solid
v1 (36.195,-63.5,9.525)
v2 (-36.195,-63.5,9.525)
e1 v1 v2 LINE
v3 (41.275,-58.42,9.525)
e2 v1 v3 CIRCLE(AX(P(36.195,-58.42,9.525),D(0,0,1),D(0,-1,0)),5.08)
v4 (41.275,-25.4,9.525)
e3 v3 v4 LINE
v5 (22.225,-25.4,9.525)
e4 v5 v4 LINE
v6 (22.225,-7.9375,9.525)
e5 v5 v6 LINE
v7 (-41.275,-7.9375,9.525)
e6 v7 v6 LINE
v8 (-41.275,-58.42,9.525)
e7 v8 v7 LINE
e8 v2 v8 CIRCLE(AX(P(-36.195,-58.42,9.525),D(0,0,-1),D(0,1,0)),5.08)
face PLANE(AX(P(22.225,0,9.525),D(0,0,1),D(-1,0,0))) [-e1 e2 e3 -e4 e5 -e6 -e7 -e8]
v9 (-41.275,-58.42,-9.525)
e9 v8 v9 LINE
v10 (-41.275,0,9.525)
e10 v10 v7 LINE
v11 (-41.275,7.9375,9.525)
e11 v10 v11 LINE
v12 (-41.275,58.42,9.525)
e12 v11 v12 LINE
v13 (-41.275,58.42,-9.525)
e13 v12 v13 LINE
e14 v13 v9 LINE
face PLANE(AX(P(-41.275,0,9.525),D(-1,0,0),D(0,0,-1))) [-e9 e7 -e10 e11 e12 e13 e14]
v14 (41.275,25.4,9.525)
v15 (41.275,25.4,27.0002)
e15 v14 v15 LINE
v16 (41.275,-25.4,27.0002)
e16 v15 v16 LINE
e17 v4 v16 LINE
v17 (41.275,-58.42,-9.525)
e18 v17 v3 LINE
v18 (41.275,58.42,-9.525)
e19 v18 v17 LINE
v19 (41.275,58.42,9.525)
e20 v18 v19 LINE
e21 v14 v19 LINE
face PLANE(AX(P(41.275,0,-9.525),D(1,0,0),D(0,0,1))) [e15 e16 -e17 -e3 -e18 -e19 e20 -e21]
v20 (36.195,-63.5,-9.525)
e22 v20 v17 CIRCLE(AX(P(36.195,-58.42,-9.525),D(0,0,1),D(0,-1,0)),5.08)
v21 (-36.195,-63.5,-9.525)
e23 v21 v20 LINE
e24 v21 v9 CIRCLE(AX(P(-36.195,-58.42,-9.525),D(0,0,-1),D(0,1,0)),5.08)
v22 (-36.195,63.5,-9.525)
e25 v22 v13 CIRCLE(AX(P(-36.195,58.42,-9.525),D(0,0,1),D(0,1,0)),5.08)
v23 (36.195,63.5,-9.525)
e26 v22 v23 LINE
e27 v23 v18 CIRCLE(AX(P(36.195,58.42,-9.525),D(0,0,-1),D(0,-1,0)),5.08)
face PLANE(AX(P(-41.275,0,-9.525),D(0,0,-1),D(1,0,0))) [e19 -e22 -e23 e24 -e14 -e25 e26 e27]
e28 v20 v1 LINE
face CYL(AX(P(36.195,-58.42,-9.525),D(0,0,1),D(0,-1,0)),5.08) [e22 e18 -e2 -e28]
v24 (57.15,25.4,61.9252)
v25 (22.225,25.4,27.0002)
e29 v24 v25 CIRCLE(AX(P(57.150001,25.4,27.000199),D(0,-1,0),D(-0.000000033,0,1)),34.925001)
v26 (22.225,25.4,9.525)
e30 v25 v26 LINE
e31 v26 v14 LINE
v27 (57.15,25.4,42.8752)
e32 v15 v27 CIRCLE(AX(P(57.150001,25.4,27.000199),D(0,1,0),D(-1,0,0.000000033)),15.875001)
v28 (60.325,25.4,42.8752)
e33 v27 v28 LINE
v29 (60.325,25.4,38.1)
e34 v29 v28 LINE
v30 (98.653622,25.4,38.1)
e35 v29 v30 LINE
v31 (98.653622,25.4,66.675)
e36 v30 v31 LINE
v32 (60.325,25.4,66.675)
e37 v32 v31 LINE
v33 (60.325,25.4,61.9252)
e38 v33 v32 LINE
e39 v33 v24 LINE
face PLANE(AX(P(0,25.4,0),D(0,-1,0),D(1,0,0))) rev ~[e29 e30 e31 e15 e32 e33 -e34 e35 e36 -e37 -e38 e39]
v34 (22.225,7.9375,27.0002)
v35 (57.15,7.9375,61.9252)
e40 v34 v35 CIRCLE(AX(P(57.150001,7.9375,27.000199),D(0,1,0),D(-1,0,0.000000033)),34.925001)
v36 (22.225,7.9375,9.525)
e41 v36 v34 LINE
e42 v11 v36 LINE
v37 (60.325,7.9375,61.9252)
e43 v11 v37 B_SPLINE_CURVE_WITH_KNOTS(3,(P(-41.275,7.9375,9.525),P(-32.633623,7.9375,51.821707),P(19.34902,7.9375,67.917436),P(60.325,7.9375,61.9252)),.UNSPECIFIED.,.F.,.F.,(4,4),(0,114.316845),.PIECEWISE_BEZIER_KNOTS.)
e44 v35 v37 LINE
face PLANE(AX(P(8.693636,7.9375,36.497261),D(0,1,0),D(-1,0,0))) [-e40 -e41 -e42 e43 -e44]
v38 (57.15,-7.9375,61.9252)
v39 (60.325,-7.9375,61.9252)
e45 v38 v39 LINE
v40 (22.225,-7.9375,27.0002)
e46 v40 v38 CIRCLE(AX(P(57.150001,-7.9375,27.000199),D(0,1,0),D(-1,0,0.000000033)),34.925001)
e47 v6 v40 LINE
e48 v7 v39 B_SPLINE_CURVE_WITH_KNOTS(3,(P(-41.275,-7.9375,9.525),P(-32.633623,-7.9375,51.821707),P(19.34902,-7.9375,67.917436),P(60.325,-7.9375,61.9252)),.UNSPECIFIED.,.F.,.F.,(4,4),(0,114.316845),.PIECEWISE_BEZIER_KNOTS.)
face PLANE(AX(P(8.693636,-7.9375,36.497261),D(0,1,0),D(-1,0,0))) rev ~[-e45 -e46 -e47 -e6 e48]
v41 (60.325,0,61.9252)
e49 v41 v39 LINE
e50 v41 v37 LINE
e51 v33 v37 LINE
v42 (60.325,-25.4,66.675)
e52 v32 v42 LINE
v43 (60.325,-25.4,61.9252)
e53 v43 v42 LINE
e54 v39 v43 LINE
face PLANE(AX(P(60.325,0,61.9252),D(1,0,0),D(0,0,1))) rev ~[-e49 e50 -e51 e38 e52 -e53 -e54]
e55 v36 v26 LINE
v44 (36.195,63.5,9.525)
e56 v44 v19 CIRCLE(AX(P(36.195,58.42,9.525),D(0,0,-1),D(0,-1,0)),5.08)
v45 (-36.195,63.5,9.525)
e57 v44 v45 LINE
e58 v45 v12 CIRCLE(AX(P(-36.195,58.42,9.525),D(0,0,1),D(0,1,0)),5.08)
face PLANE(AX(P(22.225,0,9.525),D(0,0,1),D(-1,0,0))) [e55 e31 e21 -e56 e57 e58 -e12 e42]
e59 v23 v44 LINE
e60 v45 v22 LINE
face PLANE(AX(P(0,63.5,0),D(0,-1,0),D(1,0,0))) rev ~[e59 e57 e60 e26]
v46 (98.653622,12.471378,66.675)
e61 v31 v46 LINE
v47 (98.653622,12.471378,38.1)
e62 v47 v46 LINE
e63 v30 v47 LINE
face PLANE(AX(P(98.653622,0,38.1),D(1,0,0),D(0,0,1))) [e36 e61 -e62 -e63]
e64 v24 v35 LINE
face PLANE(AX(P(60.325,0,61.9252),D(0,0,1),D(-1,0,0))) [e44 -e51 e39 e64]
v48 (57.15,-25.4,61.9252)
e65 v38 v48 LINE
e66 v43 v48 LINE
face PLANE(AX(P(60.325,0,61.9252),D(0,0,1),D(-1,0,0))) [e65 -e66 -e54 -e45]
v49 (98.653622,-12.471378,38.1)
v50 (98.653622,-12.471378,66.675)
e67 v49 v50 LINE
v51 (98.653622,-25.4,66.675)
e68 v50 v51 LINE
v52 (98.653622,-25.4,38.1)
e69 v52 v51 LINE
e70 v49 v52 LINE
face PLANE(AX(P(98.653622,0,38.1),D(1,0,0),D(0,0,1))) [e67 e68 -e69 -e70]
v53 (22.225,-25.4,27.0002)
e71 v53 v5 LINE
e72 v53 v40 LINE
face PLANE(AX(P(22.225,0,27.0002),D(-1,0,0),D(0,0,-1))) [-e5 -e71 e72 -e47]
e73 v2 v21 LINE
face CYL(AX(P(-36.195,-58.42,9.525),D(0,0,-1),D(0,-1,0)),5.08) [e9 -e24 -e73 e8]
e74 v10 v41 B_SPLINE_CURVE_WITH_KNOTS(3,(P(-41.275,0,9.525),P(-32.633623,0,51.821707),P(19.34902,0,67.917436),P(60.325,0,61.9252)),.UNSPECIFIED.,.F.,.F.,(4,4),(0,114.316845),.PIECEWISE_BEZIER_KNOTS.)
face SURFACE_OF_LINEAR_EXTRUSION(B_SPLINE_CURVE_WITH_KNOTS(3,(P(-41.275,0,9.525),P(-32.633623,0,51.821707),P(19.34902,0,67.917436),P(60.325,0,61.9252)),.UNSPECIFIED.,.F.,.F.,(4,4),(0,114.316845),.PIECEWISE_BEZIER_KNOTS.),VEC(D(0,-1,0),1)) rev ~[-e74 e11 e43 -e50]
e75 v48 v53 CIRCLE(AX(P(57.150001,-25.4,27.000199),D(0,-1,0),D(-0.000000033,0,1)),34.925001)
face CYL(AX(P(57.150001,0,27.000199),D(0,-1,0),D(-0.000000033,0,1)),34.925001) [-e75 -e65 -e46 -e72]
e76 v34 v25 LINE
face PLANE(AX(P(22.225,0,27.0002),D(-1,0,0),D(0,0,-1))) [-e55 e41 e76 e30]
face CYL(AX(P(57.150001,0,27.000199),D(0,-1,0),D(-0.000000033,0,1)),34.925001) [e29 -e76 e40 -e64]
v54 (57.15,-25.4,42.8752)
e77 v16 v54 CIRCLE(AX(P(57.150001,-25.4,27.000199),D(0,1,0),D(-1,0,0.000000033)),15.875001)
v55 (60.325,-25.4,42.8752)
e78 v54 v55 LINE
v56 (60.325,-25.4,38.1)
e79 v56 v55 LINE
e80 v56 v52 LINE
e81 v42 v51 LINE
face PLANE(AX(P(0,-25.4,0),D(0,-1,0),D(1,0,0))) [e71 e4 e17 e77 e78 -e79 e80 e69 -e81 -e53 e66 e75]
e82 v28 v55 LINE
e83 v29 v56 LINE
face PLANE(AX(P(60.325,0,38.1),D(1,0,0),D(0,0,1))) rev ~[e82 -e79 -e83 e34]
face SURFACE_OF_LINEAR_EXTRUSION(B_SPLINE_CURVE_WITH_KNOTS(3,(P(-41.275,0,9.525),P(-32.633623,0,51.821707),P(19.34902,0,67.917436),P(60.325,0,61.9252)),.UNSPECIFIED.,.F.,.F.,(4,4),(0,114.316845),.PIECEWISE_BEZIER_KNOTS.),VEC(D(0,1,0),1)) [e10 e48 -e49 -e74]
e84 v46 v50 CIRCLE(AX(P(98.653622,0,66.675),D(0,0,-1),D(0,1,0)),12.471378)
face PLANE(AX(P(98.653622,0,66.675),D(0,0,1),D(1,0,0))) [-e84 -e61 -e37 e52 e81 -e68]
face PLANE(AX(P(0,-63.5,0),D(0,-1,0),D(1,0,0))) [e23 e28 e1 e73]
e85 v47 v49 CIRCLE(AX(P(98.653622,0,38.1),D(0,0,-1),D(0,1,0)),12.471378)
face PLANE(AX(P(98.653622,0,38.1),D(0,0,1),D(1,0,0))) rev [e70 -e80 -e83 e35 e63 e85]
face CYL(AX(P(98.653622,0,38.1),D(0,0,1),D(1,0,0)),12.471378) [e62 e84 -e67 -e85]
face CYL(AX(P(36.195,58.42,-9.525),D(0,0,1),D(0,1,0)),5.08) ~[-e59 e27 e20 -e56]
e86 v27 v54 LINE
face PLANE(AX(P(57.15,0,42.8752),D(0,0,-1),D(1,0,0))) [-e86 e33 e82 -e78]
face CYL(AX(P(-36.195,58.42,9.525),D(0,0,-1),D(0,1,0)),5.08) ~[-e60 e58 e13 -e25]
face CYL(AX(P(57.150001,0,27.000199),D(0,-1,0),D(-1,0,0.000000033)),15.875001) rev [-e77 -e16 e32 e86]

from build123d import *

# Parameters (mm, degrees)
F1_DEPTH = 63.5
F0_W     = 38.328622
F0_H     = 4.7498
F0_H_2   = 4.7752
F0_H_3   = 19.05
F2_DEPTH = 25.4
F3_DEPTH = 7.9375
F5_R     = 5.08


with BuildPart() as f1:
    # F0 (on Front) → F1 (new body, symmetric)
    with BuildSketch(Plane.XZ):
        Polygon((22.225, 9.525), (-41.275, 9.525), (-41.275, -9.525), (41.275, -9.525), (41.275, 9.525), align=None)
    extrude(amount=F1_DEPTH, both=True)

    # F0 (on Front) → F2 (join, symmetric)
    with BuildSketch(Plane.XZ):
        Polygon((22.225, 9.525), (-41.275, 9.525), (-41.275, -9.525), (41.275, -9.525), (41.275, 9.525), align=None)
        with Locations((79.489311, 64.3001)):
            Rectangle(F0_W, F0_H)
        with Locations((79.489311, 40.4876)):
            Rectangle(F0_W, F0_H_2)
        with BuildLine():
            Line((22.225, 27.0002), (22.225, 9.525))
            Line((22.225, 9.525), (41.275, 9.525))
            Line((41.275, 9.525), (41.275, 27.0002))
            ThreePointArc((41.275, 27.0002), (45.92468, 38.22552), (57.15, 42.8752))
            Line((57.15, 42.8752), (60.325, 42.8752))
            Line((60.325, 42.8752), (60.325, 61.9252))
            Line((60.325, 61.9252), (57.15, 61.9252))
            ThreePointArc((57.15, 61.9252), (32.454296, 51.695904), (22.225, 27.0002))
        make_face()
        with Locations((79.489311, 52.4002)):
            Rectangle(F0_W, F0_H_3)
    extrude(amount=F2_DEPTH, both=True)

    # F0 (on Front) → F3 (join, symmetric)
    with BuildSketch(Plane.XZ):
        with BuildLine():
            add(Edge.make_bspline(
                [(-41.275, 9.525), (-32.633623, 51.821707), (19.34902, 67.917436), (60.325, 61.9252)],
                knots=[0, 0, 0, 0, 114.316845, 114.316845, 114.316845, 114.316845], degree=3))
            Line((-41.275, 9.525), (22.225, 9.525))
            Line((22.225, 9.525), (22.225, 27.0002))
            ThreePointArc((22.225, 27.0002), (32.454296, 51.695904), (57.15, 61.9252))
            Line((57.15, 61.9252), (60.325, 61.9252))
        make_face()
    extrude(amount=F3_DEPTH, both=True)

    # F0 (on Front) → F4 (revolve)
    with BuildSketch(Plane.XZ):
        Polygon((98.653622, 66.675), (98.653622, 61.9252), (98.653622, 42.8752), (98.653622, 38.1), (111.125, 38.1), (111.125, 66.675), align=None)
    revolve(axis=Axis((98.653622, 0, 52.3875), (0, 0, 1)))

    # F5
    f5_edges = [f1.edges().sort_by_distance(p)[0] for p in [
        (-41.275, -63.5, 0),
        (41.275, -63.5, 0),
        (41.275, 63.5, 0),
        (-41.275, 63.5, 0),
    ]]
    fillet(f5_edges, radius=F5_R)


solid = f1.part
